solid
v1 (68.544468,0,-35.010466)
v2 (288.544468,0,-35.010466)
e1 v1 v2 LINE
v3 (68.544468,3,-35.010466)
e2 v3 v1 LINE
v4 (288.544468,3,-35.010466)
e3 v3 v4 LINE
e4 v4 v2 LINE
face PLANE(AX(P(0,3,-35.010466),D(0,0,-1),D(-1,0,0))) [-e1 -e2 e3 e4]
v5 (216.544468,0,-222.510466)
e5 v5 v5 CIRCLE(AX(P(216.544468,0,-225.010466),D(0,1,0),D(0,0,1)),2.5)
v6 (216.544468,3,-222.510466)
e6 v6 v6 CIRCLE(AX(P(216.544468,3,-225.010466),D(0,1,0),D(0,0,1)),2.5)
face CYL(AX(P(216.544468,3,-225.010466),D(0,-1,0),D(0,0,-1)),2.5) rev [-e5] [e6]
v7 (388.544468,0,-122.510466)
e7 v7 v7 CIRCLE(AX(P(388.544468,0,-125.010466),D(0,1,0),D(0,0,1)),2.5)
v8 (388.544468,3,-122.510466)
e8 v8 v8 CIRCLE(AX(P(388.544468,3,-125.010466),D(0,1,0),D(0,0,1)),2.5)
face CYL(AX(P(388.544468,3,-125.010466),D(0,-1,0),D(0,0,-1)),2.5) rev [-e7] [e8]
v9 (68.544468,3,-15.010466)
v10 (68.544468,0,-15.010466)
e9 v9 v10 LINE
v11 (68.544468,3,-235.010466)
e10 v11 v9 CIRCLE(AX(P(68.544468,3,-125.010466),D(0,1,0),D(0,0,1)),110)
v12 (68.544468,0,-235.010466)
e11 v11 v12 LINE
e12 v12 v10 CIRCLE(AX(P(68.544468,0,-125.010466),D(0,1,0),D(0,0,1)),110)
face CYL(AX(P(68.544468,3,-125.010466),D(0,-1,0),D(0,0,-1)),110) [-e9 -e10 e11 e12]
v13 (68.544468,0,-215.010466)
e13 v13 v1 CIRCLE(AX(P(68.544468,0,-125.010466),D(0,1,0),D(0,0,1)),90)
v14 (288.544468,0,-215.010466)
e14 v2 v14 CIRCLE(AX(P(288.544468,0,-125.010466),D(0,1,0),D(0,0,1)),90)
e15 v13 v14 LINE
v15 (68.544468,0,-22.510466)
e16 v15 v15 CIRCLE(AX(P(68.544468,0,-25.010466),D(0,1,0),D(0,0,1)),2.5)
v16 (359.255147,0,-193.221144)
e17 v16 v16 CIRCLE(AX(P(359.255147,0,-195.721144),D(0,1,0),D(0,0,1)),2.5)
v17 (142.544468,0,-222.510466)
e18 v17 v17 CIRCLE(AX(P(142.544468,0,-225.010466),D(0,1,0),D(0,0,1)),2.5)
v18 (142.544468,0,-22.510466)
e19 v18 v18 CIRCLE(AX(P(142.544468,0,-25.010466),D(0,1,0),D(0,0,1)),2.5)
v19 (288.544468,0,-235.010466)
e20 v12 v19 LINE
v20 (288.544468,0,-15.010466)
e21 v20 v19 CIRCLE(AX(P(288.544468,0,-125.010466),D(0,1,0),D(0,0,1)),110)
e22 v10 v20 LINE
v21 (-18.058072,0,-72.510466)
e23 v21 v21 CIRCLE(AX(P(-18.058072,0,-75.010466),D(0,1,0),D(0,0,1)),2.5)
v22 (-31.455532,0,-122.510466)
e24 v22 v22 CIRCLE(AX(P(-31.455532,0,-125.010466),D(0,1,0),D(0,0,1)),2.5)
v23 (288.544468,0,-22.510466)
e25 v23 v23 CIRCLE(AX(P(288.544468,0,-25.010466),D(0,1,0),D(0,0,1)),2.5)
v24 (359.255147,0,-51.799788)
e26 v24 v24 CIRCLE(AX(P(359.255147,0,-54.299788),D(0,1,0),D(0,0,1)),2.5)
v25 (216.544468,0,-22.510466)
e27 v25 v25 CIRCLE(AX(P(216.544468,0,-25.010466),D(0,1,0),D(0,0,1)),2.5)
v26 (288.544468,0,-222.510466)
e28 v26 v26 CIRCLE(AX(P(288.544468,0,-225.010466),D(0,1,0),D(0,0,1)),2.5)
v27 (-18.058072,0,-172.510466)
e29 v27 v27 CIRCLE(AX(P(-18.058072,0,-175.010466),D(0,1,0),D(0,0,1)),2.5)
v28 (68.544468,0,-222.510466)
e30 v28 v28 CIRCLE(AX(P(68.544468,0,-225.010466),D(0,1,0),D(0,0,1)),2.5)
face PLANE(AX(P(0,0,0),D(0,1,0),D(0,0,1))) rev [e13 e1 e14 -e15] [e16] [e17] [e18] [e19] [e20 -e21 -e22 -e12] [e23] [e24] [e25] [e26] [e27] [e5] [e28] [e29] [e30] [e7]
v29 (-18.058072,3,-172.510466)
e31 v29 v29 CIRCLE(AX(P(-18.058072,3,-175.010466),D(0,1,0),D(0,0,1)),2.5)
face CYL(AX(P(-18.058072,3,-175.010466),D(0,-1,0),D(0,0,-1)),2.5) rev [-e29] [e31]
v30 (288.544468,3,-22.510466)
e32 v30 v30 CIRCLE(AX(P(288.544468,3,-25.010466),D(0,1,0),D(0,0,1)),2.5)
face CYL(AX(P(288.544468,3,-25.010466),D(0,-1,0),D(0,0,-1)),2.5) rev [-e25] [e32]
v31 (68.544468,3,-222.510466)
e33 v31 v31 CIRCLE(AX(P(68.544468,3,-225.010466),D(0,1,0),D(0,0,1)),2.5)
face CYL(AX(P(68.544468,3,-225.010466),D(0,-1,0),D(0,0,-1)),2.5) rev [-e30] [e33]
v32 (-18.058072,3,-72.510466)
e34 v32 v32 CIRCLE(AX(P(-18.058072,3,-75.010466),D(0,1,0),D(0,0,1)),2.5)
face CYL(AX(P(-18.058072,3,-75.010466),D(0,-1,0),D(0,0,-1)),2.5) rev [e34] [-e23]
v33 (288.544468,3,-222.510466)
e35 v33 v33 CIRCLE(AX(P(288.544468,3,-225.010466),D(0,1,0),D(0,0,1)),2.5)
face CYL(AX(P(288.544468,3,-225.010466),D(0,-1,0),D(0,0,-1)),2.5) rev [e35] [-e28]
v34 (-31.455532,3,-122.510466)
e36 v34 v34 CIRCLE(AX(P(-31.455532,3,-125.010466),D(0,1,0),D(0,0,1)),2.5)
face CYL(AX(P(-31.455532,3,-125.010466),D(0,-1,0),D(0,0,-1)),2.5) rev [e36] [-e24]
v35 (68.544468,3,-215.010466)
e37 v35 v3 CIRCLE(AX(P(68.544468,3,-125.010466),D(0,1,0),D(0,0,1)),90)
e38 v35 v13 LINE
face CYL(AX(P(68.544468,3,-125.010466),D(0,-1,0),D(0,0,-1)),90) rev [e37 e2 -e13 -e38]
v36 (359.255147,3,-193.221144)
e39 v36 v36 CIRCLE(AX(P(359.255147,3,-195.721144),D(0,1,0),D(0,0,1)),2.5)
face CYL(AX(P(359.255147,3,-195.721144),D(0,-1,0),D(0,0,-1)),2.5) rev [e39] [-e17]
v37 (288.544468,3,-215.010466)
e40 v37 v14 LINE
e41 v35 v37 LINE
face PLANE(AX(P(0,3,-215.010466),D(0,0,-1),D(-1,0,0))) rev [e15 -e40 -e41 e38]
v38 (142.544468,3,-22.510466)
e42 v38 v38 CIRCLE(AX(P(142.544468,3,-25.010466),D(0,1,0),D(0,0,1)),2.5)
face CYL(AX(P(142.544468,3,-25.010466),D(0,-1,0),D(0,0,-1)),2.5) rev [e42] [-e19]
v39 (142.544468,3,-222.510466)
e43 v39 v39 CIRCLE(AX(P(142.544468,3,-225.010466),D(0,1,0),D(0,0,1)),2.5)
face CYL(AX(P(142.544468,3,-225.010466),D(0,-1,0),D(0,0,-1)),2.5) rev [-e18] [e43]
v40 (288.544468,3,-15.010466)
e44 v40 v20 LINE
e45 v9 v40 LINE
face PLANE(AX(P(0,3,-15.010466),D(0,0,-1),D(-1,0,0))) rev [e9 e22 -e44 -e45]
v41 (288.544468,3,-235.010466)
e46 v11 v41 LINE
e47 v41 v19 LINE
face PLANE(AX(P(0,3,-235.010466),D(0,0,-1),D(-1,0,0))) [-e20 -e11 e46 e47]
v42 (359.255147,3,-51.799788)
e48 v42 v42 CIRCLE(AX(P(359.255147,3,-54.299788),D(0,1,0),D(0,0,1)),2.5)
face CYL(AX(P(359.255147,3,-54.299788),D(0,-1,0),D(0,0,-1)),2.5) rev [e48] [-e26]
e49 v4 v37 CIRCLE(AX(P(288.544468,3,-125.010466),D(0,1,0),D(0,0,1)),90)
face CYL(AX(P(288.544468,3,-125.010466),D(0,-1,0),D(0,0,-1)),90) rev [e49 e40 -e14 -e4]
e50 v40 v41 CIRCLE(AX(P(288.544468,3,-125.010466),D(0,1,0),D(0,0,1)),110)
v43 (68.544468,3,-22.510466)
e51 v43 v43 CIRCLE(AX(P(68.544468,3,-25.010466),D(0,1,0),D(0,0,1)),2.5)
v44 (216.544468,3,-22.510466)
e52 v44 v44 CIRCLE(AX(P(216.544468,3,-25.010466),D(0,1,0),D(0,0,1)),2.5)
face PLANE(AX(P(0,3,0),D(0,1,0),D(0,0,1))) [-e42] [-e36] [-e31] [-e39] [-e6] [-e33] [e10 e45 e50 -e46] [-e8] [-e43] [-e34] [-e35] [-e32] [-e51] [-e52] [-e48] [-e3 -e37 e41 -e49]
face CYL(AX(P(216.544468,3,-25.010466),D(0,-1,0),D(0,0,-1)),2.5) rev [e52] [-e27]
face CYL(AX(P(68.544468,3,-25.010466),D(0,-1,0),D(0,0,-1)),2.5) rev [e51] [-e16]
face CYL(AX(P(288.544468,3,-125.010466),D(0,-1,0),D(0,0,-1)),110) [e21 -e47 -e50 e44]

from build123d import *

# Parameters (mm, degrees)
ESBO_O1_R                = 2.5
RESSALTO_EXTRUS_O2_DEPTH = 3


with BuildPart() as part:
    # Esboço1 → Ressalto-extrusão2 (new body)
    with BuildSketch(Plane(origin=(0, 0, 0), x_dir=(1, 0, 0), z_dir=(0, 1, 0))):
        with BuildLine():
            Line((68.54446848, 235.010465991), (288.54446848, 235.010465991))
            ThreePointArc((288.54446848, 235.010465991), (398.54446848, 125.010465991), (288.54446848, 15.010465991))
            Line((288.54446848, 15.010465991), (68.54446848, 15.010465991))
            ThreePointArc((68.54446848, 15.010465991), (-41.45553152, 125.010465991), (68.54446848, 235.010465991))
        make_face()
        with Locations(Location((68.54446848, 225.010465991, 0), (0, 0, 270))):
            Circle(ESBO_O1_R, mode=Mode.SUBTRACT)
        with Locations(Location((68.54446848, 25.010465991, 0), (0, 0, 270))):
            Circle(ESBO_O1_R, mode=Mode.SUBTRACT)
        with Locations(Location((288.54446848, 25.010465991, 0), (0, 0, 270))):
            Circle(ESBO_O1_R, mode=Mode.SUBTRACT)
        with Locations(Location((288.54446848, 225.010465991, 0), (0, 0, 270))):
            Circle(ESBO_O1_R, mode=Mode.SUBTRACT)
        with Locations(Location((-18.058071899, 175.010465991, 0), (0, 0, 270))):
            Circle(ESBO_O1_R, mode=Mode.SUBTRACT)
        with Locations(Location((-31.45553152, 125.010465991, 0), (0, 0, 270))):
            Circle(ESBO_O1_R, mode=Mode.SUBTRACT)
        with Locations(Location((-18.058071899, 75.010465991, 0), (0, 0, 270))):
            Circle(ESBO_O1_R, mode=Mode.SUBTRACT)
        with Locations(Location((359.255146599, 54.299787872, 0), (0, 0, 270))):
            Circle(ESBO_O1_R, mode=Mode.SUBTRACT)
        with Locations(Location((388.54446848, 125.010465991, 0), (0, 0, 270))):
            Circle(ESBO_O1_R, mode=Mode.SUBTRACT)
        with Locations(Location((359.255146599, 195.72114411, 0), (0, 0, 270))):
            Circle(ESBO_O1_R, mode=Mode.SUBTRACT)
        with Locations(Location((142.54446848, 25.010465991, 0), (0, 0, 270))):
            Circle(ESBO_O1_R, mode=Mode.SUBTRACT)
        with Locations(Location((216.54446848, 25.010465991, 0), (0, 0, 270))):
            Circle(ESBO_O1_R, mode=Mode.SUBTRACT)
        with Locations(Location((142.54446848, 225.010465991, 0), (0, 0, 270))):
            Circle(ESBO_O1_R, mode=Mode.SUBTRACT)
        with Locations(Location((216.54446848, 225.010465991, 0), (0, 0, 270))):
            Circle(ESBO_O1_R, mode=Mode.SUBTRACT)
        with BuildLine():
            Line((68.54446848, 215.010465991), (288.54446848, 215.010465991))
            ThreePointArc((288.54446848, 215.010465991), (378.54446848, 125.010465991), (288.54446848, 35.010465991))
            Line((288.54446848, 35.010465991), (68.54446848, 35.010465991))
            ThreePointArc((68.54446848, 35.010465991), (-21.45553152, 125.010465991), (68.54446848, 215.010465991))
        make_face(mode=Mode.SUBTRACT)
    extrude(amount=RESSALTO_EXTRUS_O2_DEPTH)


solid = part.part
